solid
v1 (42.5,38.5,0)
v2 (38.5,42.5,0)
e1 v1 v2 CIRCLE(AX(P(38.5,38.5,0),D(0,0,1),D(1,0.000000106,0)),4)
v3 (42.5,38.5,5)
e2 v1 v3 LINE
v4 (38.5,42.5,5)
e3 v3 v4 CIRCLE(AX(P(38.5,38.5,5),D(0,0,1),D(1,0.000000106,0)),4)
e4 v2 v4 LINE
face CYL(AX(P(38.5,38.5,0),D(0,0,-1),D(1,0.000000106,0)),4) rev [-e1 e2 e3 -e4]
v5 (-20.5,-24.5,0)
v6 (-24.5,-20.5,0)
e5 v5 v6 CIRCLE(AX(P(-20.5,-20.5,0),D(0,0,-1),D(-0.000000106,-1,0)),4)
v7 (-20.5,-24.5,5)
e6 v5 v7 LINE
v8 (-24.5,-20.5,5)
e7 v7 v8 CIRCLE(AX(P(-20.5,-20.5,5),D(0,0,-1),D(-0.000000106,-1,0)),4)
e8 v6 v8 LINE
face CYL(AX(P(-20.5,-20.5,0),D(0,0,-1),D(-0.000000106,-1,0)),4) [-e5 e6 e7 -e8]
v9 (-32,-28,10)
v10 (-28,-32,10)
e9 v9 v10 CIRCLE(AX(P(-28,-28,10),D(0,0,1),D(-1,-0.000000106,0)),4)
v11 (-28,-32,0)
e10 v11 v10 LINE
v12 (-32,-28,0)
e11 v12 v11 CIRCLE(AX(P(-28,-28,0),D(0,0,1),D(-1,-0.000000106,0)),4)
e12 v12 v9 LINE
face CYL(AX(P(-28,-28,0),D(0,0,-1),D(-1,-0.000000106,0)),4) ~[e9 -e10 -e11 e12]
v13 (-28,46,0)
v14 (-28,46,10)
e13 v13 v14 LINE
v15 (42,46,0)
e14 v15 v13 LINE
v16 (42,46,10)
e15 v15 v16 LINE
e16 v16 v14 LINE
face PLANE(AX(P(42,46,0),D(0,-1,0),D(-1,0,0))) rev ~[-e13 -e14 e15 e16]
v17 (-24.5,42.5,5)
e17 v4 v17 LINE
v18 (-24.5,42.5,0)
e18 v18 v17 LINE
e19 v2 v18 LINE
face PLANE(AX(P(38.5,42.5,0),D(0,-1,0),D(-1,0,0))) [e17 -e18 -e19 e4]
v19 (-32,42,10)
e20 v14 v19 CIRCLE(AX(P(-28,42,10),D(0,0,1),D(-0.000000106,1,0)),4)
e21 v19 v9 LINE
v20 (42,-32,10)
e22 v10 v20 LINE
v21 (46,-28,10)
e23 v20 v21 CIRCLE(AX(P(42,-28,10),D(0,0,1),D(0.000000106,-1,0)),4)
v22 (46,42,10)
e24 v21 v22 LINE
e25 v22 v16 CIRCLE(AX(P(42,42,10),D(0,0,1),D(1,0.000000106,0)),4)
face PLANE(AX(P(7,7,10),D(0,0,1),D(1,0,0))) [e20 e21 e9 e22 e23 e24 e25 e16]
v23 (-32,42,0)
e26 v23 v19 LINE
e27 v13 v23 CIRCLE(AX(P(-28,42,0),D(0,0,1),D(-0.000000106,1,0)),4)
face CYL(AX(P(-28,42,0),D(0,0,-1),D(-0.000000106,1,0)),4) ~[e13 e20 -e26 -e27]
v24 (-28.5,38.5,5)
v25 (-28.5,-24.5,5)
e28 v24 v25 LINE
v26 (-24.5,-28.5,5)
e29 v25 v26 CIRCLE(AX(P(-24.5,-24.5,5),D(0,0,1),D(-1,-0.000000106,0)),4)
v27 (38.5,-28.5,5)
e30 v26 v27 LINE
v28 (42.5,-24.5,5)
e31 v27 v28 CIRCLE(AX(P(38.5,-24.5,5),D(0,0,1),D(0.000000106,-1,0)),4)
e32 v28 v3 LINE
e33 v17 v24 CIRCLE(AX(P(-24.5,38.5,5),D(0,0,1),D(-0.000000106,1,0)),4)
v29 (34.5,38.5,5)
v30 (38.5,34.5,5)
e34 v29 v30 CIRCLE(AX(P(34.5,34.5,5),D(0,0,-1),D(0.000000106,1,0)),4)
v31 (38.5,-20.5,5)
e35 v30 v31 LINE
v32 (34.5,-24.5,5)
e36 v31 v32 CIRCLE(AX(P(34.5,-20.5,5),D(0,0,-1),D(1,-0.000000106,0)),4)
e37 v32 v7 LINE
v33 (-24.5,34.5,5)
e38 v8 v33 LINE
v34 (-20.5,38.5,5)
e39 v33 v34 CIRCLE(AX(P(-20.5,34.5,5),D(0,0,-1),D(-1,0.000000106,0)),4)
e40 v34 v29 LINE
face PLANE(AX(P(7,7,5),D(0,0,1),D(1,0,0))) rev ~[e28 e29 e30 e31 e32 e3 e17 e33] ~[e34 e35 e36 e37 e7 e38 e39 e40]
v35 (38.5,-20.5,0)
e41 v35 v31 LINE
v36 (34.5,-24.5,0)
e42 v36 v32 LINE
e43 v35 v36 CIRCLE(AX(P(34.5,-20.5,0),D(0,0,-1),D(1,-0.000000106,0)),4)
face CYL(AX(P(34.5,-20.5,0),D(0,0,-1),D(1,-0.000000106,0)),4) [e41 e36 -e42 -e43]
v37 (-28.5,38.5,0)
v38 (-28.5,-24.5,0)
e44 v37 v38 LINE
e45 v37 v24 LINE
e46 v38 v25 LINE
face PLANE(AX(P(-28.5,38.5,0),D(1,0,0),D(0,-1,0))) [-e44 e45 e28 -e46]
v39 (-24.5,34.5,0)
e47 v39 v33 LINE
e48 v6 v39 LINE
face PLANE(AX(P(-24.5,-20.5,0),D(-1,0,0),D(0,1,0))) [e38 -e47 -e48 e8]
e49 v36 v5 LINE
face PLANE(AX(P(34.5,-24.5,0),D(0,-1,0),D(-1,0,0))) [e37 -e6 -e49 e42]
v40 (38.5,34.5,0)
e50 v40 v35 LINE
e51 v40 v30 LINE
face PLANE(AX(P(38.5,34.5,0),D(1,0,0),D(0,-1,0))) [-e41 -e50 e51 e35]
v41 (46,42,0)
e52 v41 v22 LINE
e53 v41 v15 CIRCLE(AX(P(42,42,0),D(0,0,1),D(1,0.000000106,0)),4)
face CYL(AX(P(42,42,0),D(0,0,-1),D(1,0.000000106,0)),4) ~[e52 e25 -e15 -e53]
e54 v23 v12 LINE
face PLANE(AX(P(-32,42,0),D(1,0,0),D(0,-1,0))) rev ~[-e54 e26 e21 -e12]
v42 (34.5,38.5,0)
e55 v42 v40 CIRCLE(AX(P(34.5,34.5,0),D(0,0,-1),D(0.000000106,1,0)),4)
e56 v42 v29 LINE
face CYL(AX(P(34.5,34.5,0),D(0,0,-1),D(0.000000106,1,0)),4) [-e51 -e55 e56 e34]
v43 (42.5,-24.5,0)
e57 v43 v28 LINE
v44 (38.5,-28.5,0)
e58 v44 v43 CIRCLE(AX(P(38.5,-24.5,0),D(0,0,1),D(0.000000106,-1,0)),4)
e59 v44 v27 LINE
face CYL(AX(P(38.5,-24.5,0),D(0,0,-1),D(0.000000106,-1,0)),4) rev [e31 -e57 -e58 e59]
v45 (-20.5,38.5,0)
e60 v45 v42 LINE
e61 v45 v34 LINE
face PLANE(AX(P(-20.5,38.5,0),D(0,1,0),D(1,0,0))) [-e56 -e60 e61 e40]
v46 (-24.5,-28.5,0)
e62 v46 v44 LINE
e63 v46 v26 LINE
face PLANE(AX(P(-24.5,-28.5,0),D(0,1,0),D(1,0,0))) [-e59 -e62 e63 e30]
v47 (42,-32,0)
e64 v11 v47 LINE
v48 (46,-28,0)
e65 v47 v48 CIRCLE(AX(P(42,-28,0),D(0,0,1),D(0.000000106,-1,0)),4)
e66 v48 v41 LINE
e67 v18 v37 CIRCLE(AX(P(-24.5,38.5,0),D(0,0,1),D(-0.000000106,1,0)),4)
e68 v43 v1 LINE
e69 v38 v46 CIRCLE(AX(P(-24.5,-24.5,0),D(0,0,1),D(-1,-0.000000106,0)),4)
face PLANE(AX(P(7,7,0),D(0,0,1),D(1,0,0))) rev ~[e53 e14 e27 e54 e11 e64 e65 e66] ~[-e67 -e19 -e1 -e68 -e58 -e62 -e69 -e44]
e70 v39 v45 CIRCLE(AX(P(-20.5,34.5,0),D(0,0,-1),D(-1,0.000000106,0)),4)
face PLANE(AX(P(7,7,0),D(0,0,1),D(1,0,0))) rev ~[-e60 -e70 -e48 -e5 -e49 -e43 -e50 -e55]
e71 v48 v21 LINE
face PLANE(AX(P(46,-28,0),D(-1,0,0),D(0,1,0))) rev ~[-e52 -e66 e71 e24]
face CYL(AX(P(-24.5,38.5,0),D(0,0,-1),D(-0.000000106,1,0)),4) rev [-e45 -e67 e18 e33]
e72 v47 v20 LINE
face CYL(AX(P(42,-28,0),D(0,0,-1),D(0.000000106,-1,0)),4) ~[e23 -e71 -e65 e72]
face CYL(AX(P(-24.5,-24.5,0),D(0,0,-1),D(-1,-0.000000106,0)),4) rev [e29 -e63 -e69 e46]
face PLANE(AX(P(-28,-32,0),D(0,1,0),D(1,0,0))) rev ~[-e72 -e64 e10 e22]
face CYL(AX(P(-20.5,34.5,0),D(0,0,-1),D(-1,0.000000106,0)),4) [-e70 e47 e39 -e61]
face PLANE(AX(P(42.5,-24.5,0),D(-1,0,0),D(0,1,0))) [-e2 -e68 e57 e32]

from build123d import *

# Parameters (mm, degrees)
F0_W     = 8
F0_H     = 8
F1_DEPTH = 10
F2_DEPTH = 5


with BuildPart() as f1:
    # F0 (on Top) → F1 (new body)
    with BuildSketch(Plane.XY):
        with BuildLine():
            Line((42, 46), (-28, 46))
            ThreePointArc((-28, 46), (-30.828427, 44.828427), (-32, 42))
            Line((-32, 42), (-32, -28))
            ThreePointArc((-32, -28), (-30.828427, -30.828427), (-28, -32))
            Line((-28, -32), (42, -32))
            ThreePointArc((42, -32), (44.828427, -30.828427), (46, -28))
            Line((46, -28), (46, 42))
            ThreePointArc((46, 42), (44.828427, 44.828427), (42, 46))
        make_face()
        with BuildLine():
            ThreePointArc((-28.5, 38.5), (-27.328427, 41.328427), (-24.5, 42.5))
            Line((-24.5, 42.5), (38.5, 42.5))
            ThreePointArc((38.5, 42.5), (41.328427, 41.328427), (42.5, 38.5))
            Line((42.5, 38.5), (42.5, -24.5))
            ThreePointArc((42.5, -24.5), (41.328427, -27.328427), (38.5, -28.5))
            Line((38.5, -28.5), (-24.5, -28.5))
            ThreePointArc((-24.5, -28.5), (-27.328427, -27.328427), (-28.5, -24.5))
            Line((-28.5, -24.5), (-28.5, 38.5))
        make_face(mode=Mode.SUBTRACT)
        with BuildLine():
            Line((38.5, 42.5), (-24.5, 42.5))
            ThreePointArc((-24.5, 42.5), (-27.328427, 41.328427), (-28.5, 38.5))
            Line((-28.5, 38.5), (-28.5, -24.5))
            ThreePointArc((-28.5, -24.5), (-27.328427, -27.328427), (-24.5, -28.5))
            Line((-24.5, -28.5), (38.5, -28.5))
            ThreePointArc((38.5, -28.5), (41.328427, -27.328427), (42.5, -24.5))
            Line((42.5, -24.5), (42.5, 38.5))
            ThreePointArc((42.5, 38.5), (41.328427, 41.328427), (38.5, 42.5))
        make_face()
        with BuildLine():
            ThreePointArc((-24.5, 34.5), (-23.328427, 37.328427), (-20.5, 38.5))
            Line((-20.5, 38.5), (34.5, 38.5))
            ThreePointArc((34.5, 38.5), (37.328427, 37.328427), (38.5, 34.5))
            Line((38.5, 34.5), (38.5, -20.5))
            ThreePointArc((38.5, -20.5), (37.328427, -23.328427), (34.5, -24.5))
            Line((34.5, -24.5), (-20.5, -24.5))
            ThreePointArc((-20.5, -24.5), (-23.328427, -23.328427), (-24.5, -20.5))
            Line((-24.5, -20.5), (-24.5, 34.5))
        make_face(mode=Mode.SUBTRACT)
        with BuildLine():
            Line((34.5, 38.5), (-20.5, 38.5))
            ThreePointArc((-20.5, 38.5), (-23.328427, 37.328427), (-24.5, 34.5))
            Line((-24.5, 34.5), (-24.5, -20.5))
            ThreePointArc((-24.5, -20.5), (-23.328427, -23.328427), (-20.5, -24.5))
            Line((-20.5, -24.5), (34.5, -24.5))
            ThreePointArc((34.5, -24.5), (37.328427, -23.328427), (38.5, -20.5))
            Line((38.5, -20.5), (38.5, 34.5))
            ThreePointArc((38.5, 34.5), (37.328427, 37.328427), (34.5, 38.5))
        make_face()
        with Locations((7, 7)):
            Rectangle(F0_W, F0_H, mode=Mode.SUBTRACT)
        with Locations((7, 7)):
            Rectangle(F0_W, F0_H)
    extrude(amount=F1_DEPTH)

    # F0 (on Top) → F2 (cut)
    with BuildSketch(Plane.XY):
        with BuildLine():
            Line((38.5, 42.5), (-24.5, 42.5))
            ThreePointArc((-24.5, 42.5), (-27.328427, 41.328427), (-28.5, 38.5))
            Line((-28.5, 38.5), (-28.5, -24.5))
            ThreePointArc((-28.5, -24.5), (-27.328427, -27.328427), (-24.5, -28.5))
            Line((-24.5, -28.5), (38.5, -28.5))
            ThreePointArc((38.5, -28.5), (41.328427, -27.328427), (42.5, -24.5))
            Line((42.5, -24.5), (42.5, 38.5))
            ThreePointArc((42.5, 38.5), (41.328427, 41.328427), (38.5, 42.5))
        make_face()
        with BuildLine():
            ThreePointArc((-24.5, 34.5), (-23.328427, 37.328427), (-20.5, 38.5))
            Line((-20.5, 38.5), (34.5, 38.5))
            ThreePointArc((34.5, 38.5), (37.328427, 37.328427), (38.5, 34.5))
            Line((38.5, 34.5), (38.5, -20.5))
            ThreePointArc((38.5, -20.5), (37.328427, -23.328427), (34.5, -24.5))
            Line((34.5, -24.5), (-20.5, -24.5))
            ThreePointArc((-20.5, -24.5), (-23.328427, -23.328427), (-24.5, -20.5))
            Line((-24.5, -20.5), (-24.5, 34.5))
        make_face(mode=Mode.SUBTRACT)
    extrude(amount=F2_DEPTH, mode=Mode.SUBTRACT)


solid = f1.part
